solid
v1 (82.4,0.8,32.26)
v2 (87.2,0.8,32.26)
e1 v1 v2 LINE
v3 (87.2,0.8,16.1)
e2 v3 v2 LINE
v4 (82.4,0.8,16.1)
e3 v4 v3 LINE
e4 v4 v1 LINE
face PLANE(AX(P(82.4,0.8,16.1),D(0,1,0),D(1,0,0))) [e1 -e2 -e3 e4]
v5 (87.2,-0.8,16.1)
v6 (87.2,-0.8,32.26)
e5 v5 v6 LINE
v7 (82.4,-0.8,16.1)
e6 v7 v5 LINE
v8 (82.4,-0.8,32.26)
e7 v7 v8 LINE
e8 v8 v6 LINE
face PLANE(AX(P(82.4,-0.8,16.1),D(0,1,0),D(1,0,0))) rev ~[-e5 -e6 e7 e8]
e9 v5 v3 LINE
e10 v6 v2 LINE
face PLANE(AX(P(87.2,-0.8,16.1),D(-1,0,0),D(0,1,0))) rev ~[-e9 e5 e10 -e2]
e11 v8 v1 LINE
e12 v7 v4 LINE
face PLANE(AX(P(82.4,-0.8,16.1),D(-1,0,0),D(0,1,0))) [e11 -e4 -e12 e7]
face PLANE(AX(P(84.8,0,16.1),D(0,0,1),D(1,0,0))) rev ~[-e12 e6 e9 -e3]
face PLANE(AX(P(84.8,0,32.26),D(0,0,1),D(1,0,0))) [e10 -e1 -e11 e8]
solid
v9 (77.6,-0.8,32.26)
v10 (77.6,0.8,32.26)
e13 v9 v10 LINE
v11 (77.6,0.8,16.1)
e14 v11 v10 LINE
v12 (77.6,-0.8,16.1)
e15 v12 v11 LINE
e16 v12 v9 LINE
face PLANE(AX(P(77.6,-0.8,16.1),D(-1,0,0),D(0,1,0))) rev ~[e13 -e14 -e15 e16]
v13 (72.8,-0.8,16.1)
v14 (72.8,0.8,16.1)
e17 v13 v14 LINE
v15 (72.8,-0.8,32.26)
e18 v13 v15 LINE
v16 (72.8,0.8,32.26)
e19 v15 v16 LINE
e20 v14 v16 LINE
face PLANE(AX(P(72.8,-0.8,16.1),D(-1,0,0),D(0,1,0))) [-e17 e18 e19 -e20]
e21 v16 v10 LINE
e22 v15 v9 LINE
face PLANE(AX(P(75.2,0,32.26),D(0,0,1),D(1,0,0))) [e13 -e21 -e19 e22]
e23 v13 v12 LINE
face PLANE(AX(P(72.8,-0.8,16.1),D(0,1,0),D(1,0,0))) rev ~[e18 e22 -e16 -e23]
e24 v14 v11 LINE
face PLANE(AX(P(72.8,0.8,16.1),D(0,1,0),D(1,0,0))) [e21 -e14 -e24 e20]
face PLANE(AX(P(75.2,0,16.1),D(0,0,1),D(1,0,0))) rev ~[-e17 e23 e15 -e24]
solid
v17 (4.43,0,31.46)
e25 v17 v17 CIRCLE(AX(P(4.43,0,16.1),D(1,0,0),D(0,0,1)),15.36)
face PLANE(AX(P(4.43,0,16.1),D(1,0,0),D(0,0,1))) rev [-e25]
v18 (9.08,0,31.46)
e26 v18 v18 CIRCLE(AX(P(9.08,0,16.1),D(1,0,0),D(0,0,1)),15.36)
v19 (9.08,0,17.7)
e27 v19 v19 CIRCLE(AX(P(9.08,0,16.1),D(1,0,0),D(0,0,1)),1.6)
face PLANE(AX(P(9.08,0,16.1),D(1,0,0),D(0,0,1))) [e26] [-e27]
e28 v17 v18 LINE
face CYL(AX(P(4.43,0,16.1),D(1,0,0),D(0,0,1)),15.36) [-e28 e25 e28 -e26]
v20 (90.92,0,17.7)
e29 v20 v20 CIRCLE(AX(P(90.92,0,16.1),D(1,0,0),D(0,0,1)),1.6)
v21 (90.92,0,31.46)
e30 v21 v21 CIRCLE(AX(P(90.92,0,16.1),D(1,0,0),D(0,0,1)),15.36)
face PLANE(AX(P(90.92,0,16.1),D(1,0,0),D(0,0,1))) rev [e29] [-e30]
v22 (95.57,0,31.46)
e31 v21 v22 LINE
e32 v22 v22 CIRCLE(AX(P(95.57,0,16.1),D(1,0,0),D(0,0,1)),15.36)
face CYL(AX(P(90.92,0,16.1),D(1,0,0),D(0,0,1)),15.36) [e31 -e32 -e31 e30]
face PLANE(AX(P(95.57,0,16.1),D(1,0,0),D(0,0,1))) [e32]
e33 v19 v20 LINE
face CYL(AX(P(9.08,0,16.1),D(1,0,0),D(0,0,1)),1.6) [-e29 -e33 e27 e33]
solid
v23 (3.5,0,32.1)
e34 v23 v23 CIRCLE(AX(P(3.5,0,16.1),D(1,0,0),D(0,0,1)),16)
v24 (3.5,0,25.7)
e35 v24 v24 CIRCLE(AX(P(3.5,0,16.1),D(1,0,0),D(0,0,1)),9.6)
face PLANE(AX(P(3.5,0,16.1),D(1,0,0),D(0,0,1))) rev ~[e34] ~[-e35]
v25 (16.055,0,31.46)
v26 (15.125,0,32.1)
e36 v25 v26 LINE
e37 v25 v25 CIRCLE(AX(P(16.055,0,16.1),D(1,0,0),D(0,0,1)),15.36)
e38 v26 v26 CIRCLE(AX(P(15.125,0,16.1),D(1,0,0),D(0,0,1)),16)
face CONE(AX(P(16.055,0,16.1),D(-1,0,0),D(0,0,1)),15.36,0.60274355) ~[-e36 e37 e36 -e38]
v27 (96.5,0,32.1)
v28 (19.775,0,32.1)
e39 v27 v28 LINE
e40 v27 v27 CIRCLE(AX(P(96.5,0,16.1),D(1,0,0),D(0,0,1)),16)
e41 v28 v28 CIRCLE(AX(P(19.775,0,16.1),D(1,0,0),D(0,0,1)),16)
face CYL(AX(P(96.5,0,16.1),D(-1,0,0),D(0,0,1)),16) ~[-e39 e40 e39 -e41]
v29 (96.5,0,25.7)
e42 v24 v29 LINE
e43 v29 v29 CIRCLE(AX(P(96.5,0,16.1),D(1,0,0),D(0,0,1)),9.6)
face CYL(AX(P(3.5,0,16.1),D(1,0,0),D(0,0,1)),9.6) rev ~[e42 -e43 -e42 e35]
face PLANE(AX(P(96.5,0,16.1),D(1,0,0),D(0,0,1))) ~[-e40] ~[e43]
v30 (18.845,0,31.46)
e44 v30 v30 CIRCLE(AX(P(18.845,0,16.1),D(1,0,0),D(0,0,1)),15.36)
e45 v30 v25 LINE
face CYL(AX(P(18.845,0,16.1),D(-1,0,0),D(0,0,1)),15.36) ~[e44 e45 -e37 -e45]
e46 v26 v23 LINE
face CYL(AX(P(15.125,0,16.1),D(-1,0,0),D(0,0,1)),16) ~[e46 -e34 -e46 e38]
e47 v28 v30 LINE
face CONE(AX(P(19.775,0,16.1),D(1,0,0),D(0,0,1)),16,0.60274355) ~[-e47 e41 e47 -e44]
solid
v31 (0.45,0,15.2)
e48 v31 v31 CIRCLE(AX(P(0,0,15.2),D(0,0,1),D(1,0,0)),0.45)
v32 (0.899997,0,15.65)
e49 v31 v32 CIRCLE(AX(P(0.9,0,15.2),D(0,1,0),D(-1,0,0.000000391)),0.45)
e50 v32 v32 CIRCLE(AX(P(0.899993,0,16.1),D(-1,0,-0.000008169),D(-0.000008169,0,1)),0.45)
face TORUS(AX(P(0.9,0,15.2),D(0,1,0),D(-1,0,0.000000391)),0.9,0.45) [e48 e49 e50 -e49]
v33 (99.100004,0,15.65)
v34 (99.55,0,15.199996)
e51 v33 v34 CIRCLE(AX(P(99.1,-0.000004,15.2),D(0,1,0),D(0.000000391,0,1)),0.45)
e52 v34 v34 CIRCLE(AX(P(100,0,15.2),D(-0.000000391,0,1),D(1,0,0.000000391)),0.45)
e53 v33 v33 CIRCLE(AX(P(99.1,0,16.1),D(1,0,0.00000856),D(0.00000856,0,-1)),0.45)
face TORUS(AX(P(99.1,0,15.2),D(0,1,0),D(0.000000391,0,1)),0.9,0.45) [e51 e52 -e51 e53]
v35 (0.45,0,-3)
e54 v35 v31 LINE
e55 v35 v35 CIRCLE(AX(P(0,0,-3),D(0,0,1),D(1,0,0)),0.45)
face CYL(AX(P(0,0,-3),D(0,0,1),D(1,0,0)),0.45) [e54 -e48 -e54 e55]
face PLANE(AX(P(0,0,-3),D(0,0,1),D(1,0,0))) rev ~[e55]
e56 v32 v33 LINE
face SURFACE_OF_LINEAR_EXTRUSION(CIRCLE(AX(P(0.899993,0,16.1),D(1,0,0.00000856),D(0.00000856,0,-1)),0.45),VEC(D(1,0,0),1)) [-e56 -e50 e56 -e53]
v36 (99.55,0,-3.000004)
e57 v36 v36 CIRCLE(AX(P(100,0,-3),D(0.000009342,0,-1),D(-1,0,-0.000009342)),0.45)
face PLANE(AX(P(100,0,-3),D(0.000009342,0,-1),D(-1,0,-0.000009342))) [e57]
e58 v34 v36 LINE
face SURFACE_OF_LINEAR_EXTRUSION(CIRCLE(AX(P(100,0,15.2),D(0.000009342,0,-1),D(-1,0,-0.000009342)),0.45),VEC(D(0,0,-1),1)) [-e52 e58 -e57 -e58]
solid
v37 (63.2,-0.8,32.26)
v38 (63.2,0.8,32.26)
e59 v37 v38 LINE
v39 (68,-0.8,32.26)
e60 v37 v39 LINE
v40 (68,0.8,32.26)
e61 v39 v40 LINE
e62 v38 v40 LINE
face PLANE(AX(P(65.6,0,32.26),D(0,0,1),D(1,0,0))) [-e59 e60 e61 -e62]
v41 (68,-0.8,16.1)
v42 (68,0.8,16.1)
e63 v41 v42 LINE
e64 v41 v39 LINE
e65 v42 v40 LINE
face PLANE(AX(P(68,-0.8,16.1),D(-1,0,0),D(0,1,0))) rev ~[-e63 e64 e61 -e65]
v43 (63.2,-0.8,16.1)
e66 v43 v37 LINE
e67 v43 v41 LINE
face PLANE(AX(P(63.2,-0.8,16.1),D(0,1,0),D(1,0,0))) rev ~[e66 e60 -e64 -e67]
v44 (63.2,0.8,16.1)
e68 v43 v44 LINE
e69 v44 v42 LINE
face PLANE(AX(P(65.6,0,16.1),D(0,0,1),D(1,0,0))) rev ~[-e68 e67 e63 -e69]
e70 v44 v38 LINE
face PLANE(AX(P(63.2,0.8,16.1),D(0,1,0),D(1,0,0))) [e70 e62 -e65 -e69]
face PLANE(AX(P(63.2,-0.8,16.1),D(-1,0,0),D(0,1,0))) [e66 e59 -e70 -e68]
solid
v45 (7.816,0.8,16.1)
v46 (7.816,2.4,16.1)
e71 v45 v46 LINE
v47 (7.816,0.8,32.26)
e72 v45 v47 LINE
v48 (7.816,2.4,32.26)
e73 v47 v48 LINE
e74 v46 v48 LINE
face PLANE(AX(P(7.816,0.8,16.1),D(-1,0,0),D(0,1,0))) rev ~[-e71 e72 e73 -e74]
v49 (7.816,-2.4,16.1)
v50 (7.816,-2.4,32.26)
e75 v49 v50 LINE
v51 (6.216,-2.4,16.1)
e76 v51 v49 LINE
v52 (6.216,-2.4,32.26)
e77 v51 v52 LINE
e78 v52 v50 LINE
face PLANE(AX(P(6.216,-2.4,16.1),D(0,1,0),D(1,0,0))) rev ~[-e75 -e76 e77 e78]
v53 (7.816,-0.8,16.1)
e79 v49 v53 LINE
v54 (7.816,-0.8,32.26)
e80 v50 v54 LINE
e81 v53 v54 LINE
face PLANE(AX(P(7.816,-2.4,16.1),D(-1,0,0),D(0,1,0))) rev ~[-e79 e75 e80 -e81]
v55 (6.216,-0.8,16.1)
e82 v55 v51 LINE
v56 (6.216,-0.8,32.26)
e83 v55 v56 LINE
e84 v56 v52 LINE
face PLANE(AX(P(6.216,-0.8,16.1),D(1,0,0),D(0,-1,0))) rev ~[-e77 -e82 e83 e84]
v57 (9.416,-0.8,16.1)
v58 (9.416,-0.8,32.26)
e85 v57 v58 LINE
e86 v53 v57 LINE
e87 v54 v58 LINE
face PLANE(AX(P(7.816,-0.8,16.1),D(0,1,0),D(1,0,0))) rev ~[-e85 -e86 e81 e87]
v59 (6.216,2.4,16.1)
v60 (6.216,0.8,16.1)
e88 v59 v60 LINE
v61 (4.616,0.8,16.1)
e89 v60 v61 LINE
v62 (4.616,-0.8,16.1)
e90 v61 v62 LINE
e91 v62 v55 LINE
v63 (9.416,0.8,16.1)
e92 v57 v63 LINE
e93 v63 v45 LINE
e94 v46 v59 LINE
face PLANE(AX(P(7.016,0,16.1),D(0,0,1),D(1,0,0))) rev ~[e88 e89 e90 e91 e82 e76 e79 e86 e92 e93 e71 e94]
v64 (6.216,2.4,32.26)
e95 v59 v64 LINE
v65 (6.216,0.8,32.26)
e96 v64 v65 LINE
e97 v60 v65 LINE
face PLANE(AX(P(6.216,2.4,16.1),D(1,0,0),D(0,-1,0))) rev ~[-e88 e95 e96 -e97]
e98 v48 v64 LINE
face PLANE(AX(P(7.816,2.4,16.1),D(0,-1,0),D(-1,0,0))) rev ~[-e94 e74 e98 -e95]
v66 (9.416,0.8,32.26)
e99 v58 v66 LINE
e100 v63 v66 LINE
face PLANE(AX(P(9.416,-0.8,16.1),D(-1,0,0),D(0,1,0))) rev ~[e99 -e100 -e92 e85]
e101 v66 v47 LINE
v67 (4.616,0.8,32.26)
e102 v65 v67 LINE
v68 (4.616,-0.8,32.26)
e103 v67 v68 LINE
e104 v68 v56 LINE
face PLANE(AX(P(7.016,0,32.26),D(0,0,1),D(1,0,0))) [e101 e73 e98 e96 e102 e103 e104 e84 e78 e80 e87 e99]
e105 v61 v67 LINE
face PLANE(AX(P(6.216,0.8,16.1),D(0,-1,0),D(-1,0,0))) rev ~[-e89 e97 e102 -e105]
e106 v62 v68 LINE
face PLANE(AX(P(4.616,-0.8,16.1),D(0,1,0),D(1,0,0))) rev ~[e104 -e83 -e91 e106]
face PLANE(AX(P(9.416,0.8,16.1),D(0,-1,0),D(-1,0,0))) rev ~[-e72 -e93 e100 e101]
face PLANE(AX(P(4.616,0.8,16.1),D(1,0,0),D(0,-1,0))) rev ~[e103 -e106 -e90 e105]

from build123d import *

# Parameters (mm, degrees)
SKETCH_R    = 0.45
SKETCH004_W = 4.8
SKETCH004_H = 1.6
PAD_DEPTH   = 16.16


with BuildPart() as sweep_body:
    # Sweep: sweep along a path in Sketch001
    with BuildLine(Plane.XZ) as sweep_path:
        Line((0, -3), (0, 15.2))
        ThreePointArc((0, 15.2), (0.263601, 15.836393), (0.899993, 16.1))
        Line((0.899993, 16.1), (99.1, 16.1))
        ThreePointArc((99.1, 16.1), (99.736396, 15.836396), (100, 15.2))
        Line((100, 15.2), (100, -3))
    # Sketch → Sweep (sweep)
    with BuildSketch(Plane.XY.offset(-2)):
        Circle(SKETCH_R)
    sweep(path=sweep_path.line)


with BuildPart() as revolution:
    # Sketch002 → Revolution (revolve)
    with BuildSketch(Plane.XZ):
        Polygon((3.5, 32.1), (3.5, 25.7), (96.5, 25.7), (96.5, 32.1), (19.775, 32.1), (18.845, 31.46), (16.055, 31.46), (15.125, 32.1), align=None)
    revolve(axis=Axis((6.97588, 0, 16.1), (1, 0, 0)))


with BuildPart() as revolution001:
    # Sketch003 → Revolution001 (revolve)
    with BuildSketch(Plane.XZ):
        Polygon((4.43, 31.46), (9.08, 31.46), (9.08, 17.7), (90.92, 17.7), (90.92, 31.46), (95.57, 31.46), (95.57, 16.1), (4.43, 16.1), align=None)
    revolve(axis=Axis((6.97588, 0, 16.1), (1, 0, 0)))


with BuildPart() as pad:
    # Sketch004 → Pad (new body)
    with BuildSketch(Plane.XY.offset(16.1)):
        with Locations((84.8, 0)):
            Rectangle(SKETCH004_W, SKETCH004_H)
        with Locations((75.2, 0)):
            Rectangle(SKETCH004_W, SKETCH004_H)
        with Locations((65.6, 0)):
            Rectangle(SKETCH004_W, SKETCH004_H)
        Polygon((6.216, 0.8), (4.616, 0.8), (4.616, -0.8), (6.216, -0.8), (6.216, -2.4), (7.816, -2.4), (7.816, -0.8), (9.416, -0.8), (9.416, 0.8), (7.816, 0.8), (7.816, 2.4), (6.216, 2.4), align=None)
    extrude(amount=PAD_DEPTH)


solid = Compound([sweep_body.part, revolution.part, revolution001.part, pad.part])
